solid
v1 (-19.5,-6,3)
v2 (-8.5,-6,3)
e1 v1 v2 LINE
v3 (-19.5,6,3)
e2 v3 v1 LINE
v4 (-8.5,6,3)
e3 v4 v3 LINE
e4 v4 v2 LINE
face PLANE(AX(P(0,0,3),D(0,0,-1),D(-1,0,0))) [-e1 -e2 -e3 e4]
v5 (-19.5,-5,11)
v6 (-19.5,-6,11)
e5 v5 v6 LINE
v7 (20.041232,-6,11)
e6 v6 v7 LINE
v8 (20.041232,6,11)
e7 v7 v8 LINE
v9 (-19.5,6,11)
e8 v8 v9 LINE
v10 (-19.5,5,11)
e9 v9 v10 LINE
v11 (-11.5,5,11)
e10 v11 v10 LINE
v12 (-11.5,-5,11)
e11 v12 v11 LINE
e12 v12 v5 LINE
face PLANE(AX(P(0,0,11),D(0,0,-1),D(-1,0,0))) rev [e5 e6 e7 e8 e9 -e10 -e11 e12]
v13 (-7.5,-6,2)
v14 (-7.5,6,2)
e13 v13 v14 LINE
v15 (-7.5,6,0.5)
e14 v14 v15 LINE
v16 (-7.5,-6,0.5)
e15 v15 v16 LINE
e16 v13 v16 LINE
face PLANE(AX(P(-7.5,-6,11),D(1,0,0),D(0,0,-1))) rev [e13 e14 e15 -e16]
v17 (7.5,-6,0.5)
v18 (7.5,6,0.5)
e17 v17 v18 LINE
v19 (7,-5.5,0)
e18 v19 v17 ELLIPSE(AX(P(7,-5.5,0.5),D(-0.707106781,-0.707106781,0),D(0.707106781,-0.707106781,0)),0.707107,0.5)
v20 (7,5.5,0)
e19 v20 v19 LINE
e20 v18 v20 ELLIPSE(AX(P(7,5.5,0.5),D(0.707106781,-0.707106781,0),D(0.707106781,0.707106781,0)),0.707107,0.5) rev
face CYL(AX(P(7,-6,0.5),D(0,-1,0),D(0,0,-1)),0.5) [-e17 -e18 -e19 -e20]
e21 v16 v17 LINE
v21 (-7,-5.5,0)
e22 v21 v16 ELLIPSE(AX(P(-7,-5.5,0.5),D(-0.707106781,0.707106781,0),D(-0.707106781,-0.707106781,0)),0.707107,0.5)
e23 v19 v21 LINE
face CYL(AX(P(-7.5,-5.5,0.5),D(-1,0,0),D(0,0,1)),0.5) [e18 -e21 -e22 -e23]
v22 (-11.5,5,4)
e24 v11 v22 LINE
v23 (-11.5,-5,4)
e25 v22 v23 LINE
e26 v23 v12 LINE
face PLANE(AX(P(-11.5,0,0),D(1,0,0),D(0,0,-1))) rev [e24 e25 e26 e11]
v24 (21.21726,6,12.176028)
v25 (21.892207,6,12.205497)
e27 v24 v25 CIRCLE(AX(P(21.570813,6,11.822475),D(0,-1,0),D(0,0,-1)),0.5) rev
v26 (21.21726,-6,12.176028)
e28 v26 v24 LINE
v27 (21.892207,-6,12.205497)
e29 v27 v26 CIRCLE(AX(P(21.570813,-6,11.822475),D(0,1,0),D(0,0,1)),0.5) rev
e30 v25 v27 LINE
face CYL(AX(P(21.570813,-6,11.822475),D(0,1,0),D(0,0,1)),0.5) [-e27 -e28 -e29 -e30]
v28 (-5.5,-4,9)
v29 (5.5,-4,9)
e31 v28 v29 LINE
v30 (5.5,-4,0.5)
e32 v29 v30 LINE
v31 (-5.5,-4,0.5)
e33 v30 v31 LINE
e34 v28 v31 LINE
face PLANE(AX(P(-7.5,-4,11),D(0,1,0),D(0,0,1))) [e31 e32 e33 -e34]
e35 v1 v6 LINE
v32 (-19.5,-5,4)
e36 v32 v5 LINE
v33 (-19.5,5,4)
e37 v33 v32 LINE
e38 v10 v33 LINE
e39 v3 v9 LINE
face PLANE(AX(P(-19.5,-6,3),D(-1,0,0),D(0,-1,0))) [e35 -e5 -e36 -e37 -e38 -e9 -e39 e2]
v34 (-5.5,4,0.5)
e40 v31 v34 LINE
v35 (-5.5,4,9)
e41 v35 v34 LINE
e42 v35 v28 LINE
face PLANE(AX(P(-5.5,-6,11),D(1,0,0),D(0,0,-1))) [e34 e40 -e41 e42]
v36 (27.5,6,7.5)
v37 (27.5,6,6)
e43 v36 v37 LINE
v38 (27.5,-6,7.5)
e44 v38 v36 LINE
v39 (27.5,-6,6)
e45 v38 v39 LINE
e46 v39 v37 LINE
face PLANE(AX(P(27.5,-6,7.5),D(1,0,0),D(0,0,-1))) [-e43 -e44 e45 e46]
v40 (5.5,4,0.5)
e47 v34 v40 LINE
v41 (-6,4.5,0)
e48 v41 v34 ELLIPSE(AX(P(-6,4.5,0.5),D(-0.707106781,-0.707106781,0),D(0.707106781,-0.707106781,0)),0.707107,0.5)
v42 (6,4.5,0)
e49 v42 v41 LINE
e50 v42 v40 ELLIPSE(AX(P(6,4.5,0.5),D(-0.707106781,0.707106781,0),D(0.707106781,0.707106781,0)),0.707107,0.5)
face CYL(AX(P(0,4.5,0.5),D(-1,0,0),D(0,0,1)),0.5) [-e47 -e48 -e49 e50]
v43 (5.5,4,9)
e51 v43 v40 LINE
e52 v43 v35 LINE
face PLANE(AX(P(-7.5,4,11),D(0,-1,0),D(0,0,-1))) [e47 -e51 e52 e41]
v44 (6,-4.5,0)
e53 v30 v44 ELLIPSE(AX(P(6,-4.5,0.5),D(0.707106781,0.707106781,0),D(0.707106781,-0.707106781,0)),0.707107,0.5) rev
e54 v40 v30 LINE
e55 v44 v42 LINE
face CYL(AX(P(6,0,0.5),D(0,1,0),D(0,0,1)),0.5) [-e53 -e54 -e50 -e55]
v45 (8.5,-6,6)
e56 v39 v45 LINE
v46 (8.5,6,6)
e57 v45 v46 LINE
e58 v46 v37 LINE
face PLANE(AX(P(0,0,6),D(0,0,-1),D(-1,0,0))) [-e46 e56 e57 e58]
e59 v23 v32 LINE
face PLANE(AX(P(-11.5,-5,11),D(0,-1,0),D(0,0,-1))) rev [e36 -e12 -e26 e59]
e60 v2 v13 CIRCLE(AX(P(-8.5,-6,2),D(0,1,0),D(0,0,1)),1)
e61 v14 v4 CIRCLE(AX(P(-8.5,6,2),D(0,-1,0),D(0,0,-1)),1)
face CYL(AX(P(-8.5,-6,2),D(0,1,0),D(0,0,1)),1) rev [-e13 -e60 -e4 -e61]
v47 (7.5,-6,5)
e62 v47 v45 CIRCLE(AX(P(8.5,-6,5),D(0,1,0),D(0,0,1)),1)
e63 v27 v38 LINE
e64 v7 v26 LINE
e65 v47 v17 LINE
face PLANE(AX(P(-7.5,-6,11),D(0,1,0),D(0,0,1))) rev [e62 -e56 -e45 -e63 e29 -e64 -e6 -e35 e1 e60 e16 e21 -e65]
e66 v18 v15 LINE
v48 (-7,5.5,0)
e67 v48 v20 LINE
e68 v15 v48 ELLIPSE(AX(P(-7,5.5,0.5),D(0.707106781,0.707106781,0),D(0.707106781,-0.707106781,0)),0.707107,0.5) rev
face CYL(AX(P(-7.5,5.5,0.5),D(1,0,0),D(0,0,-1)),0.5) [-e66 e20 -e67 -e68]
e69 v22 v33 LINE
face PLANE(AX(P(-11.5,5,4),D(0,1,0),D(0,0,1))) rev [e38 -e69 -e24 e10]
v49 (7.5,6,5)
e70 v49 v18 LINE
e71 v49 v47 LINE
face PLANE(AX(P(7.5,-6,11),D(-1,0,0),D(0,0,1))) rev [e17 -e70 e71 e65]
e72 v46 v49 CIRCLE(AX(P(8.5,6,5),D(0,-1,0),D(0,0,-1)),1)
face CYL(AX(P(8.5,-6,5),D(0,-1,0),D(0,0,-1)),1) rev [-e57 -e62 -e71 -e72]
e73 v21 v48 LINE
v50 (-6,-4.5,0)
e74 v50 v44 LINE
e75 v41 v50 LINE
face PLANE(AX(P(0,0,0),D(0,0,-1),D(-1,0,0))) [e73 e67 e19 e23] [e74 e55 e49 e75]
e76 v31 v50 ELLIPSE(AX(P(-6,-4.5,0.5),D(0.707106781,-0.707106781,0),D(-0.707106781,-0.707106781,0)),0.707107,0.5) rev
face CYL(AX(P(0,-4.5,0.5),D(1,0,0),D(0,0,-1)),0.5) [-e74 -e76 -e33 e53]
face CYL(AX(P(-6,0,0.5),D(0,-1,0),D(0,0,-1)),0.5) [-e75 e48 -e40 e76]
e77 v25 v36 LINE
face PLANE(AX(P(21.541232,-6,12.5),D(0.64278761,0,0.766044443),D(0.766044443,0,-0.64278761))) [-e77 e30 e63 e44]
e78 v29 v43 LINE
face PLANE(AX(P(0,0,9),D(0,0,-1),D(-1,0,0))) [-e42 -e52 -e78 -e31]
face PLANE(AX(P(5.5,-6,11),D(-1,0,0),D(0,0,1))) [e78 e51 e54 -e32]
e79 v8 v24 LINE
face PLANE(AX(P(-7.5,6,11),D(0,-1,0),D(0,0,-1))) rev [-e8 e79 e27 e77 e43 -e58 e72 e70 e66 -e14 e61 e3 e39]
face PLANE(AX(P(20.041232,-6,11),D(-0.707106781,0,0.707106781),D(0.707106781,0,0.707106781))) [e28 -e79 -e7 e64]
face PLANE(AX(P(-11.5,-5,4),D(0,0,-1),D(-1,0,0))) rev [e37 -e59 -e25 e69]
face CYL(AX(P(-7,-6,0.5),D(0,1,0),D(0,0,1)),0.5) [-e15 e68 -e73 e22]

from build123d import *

# Parameters (mm, degrees)
SKETCH_1_W           = 15
SKETCH_1_H           = 12
EXTRUDE_1_DEPTH      = 11
SHELL_1_T            = -2
SKETCH_2_W           = 12
SKETCH_2_H           = 12
EXTRUDE_2_DEPTH      = 8
SKETCH_3_W           = 7
SKETCH_3_H           = 10
CUT_EXTRUDE_1_DEPTH  = 8
FILLET_1_R           = 0.5
SKETCH_4_W           = 5
SKETCH_4_H           = 12
EXTRUDE_3_DEPTH      = 5
EXTRUDE_4_DEPTH      = 6
EXTRUDE_4_DEPTH_BACK = 6
FILLET_2_R           = 1
FILLET_3_R           = 1
FILLET_4_R           = 0.5


with BuildPart() as part:
    # 草图1 → 凸台-拉伸1 (new body)
    with BuildSketch(Plane.XY):
        Rectangle(SKETCH_1_W, SKETCH_1_H)
    extrude(amount=EXTRUDE_1_DEPTH)

    # 抽壳1
    shell_1_openings = [part.faces().sort_by_distance(p)[0] for p in [
        (0, 0, 0),
    ]]
    offset(amount=SHELL_1_T, openings=shell_1_openings, kind=Kind.INTERSECTION)

    # 草图2 → 凸台-拉伸2 (add)
    with BuildSketch(Plane.XY.offset(11)):
        with Locations((-13.5, 0)):
            Rectangle(SKETCH_2_W, SKETCH_2_H)
    extrude(amount=-EXTRUDE_2_DEPTH)

    # 草图3 → 切除-拉伸1 (cut)
    with BuildSketch(Plane.ZY.offset(19.5)):
        with Locations((7.5, 0)):
            Rectangle(SKETCH_3_W, SKETCH_3_H)
    extrude(amount=-CUT_EXTRUDE_1_DEPTH, mode=Mode.SUBTRACT)

    # 圆角1
    fillet_1_edges = [part.edges().sort_by_distance(p)[0] for p in [
        (5.5, 0, 0),
        (0, 4, 0),
        (-5.5, 0, 0),
        (0, -4, 0),
        (0, -6, 0),
        (-7.5, 0, 0),
        (0, 6, 0),
        (7.5, 0, 0),
    ]]
    fillet(fillet_1_edges, radius=FILLET_1_R)

    # 草图4 → 凸台-拉伸3 (add)
    with BuildSketch(Plane.XY.offset(11)):
        with Locations((10, 0)):
            Rectangle(SKETCH_4_W, SKETCH_4_H)
    extrude(amount=-EXTRUDE_3_DEPTH)

    # 草图5 → 凸台-拉伸4 (add, two sides: drawn at the far end of the back side and taken through both)
    with BuildSketch(Plane(origin=(0, 0, 0), x_dir=(1, 0, 0), z_dir=(0, 1, 0)).offset(-EXTRUDE_4_DEPTH_BACK)):
        Polygon((21.541232037, -12.5), (27.5, -7.5), (27.5, -6), (20.041232037, -6), (12.5, -6), (12.5, -11), (20.041232037, -11), align=None)
    extrude(amount=EXTRUDE_4_DEPTH + EXTRUDE_4_DEPTH_BACK)

    # 圆角2
    fillet_2_edges = [part.edges().sort_by_distance(p)[0] for p in [
        (7.5, 0, 6),
    ]]
    fillet(fillet_2_edges, radius=FILLET_2_R)

    # 圆角3
    fillet_3_edges = [part.edges().sort_by_distance(p)[0] for p in [
        (-7.5, 0, 3),
    ]]
    fillet(fillet_3_edges, radius=FILLET_3_R)

    # 圆角4
    fillet_4_edges = [part.edges().sort_by_distance(p)[0] for p in [
        (21.541232037, 0, 12.5),
    ]]
    fillet(fillet_4_edges, radius=FILLET_4_R)


solid = part.part
